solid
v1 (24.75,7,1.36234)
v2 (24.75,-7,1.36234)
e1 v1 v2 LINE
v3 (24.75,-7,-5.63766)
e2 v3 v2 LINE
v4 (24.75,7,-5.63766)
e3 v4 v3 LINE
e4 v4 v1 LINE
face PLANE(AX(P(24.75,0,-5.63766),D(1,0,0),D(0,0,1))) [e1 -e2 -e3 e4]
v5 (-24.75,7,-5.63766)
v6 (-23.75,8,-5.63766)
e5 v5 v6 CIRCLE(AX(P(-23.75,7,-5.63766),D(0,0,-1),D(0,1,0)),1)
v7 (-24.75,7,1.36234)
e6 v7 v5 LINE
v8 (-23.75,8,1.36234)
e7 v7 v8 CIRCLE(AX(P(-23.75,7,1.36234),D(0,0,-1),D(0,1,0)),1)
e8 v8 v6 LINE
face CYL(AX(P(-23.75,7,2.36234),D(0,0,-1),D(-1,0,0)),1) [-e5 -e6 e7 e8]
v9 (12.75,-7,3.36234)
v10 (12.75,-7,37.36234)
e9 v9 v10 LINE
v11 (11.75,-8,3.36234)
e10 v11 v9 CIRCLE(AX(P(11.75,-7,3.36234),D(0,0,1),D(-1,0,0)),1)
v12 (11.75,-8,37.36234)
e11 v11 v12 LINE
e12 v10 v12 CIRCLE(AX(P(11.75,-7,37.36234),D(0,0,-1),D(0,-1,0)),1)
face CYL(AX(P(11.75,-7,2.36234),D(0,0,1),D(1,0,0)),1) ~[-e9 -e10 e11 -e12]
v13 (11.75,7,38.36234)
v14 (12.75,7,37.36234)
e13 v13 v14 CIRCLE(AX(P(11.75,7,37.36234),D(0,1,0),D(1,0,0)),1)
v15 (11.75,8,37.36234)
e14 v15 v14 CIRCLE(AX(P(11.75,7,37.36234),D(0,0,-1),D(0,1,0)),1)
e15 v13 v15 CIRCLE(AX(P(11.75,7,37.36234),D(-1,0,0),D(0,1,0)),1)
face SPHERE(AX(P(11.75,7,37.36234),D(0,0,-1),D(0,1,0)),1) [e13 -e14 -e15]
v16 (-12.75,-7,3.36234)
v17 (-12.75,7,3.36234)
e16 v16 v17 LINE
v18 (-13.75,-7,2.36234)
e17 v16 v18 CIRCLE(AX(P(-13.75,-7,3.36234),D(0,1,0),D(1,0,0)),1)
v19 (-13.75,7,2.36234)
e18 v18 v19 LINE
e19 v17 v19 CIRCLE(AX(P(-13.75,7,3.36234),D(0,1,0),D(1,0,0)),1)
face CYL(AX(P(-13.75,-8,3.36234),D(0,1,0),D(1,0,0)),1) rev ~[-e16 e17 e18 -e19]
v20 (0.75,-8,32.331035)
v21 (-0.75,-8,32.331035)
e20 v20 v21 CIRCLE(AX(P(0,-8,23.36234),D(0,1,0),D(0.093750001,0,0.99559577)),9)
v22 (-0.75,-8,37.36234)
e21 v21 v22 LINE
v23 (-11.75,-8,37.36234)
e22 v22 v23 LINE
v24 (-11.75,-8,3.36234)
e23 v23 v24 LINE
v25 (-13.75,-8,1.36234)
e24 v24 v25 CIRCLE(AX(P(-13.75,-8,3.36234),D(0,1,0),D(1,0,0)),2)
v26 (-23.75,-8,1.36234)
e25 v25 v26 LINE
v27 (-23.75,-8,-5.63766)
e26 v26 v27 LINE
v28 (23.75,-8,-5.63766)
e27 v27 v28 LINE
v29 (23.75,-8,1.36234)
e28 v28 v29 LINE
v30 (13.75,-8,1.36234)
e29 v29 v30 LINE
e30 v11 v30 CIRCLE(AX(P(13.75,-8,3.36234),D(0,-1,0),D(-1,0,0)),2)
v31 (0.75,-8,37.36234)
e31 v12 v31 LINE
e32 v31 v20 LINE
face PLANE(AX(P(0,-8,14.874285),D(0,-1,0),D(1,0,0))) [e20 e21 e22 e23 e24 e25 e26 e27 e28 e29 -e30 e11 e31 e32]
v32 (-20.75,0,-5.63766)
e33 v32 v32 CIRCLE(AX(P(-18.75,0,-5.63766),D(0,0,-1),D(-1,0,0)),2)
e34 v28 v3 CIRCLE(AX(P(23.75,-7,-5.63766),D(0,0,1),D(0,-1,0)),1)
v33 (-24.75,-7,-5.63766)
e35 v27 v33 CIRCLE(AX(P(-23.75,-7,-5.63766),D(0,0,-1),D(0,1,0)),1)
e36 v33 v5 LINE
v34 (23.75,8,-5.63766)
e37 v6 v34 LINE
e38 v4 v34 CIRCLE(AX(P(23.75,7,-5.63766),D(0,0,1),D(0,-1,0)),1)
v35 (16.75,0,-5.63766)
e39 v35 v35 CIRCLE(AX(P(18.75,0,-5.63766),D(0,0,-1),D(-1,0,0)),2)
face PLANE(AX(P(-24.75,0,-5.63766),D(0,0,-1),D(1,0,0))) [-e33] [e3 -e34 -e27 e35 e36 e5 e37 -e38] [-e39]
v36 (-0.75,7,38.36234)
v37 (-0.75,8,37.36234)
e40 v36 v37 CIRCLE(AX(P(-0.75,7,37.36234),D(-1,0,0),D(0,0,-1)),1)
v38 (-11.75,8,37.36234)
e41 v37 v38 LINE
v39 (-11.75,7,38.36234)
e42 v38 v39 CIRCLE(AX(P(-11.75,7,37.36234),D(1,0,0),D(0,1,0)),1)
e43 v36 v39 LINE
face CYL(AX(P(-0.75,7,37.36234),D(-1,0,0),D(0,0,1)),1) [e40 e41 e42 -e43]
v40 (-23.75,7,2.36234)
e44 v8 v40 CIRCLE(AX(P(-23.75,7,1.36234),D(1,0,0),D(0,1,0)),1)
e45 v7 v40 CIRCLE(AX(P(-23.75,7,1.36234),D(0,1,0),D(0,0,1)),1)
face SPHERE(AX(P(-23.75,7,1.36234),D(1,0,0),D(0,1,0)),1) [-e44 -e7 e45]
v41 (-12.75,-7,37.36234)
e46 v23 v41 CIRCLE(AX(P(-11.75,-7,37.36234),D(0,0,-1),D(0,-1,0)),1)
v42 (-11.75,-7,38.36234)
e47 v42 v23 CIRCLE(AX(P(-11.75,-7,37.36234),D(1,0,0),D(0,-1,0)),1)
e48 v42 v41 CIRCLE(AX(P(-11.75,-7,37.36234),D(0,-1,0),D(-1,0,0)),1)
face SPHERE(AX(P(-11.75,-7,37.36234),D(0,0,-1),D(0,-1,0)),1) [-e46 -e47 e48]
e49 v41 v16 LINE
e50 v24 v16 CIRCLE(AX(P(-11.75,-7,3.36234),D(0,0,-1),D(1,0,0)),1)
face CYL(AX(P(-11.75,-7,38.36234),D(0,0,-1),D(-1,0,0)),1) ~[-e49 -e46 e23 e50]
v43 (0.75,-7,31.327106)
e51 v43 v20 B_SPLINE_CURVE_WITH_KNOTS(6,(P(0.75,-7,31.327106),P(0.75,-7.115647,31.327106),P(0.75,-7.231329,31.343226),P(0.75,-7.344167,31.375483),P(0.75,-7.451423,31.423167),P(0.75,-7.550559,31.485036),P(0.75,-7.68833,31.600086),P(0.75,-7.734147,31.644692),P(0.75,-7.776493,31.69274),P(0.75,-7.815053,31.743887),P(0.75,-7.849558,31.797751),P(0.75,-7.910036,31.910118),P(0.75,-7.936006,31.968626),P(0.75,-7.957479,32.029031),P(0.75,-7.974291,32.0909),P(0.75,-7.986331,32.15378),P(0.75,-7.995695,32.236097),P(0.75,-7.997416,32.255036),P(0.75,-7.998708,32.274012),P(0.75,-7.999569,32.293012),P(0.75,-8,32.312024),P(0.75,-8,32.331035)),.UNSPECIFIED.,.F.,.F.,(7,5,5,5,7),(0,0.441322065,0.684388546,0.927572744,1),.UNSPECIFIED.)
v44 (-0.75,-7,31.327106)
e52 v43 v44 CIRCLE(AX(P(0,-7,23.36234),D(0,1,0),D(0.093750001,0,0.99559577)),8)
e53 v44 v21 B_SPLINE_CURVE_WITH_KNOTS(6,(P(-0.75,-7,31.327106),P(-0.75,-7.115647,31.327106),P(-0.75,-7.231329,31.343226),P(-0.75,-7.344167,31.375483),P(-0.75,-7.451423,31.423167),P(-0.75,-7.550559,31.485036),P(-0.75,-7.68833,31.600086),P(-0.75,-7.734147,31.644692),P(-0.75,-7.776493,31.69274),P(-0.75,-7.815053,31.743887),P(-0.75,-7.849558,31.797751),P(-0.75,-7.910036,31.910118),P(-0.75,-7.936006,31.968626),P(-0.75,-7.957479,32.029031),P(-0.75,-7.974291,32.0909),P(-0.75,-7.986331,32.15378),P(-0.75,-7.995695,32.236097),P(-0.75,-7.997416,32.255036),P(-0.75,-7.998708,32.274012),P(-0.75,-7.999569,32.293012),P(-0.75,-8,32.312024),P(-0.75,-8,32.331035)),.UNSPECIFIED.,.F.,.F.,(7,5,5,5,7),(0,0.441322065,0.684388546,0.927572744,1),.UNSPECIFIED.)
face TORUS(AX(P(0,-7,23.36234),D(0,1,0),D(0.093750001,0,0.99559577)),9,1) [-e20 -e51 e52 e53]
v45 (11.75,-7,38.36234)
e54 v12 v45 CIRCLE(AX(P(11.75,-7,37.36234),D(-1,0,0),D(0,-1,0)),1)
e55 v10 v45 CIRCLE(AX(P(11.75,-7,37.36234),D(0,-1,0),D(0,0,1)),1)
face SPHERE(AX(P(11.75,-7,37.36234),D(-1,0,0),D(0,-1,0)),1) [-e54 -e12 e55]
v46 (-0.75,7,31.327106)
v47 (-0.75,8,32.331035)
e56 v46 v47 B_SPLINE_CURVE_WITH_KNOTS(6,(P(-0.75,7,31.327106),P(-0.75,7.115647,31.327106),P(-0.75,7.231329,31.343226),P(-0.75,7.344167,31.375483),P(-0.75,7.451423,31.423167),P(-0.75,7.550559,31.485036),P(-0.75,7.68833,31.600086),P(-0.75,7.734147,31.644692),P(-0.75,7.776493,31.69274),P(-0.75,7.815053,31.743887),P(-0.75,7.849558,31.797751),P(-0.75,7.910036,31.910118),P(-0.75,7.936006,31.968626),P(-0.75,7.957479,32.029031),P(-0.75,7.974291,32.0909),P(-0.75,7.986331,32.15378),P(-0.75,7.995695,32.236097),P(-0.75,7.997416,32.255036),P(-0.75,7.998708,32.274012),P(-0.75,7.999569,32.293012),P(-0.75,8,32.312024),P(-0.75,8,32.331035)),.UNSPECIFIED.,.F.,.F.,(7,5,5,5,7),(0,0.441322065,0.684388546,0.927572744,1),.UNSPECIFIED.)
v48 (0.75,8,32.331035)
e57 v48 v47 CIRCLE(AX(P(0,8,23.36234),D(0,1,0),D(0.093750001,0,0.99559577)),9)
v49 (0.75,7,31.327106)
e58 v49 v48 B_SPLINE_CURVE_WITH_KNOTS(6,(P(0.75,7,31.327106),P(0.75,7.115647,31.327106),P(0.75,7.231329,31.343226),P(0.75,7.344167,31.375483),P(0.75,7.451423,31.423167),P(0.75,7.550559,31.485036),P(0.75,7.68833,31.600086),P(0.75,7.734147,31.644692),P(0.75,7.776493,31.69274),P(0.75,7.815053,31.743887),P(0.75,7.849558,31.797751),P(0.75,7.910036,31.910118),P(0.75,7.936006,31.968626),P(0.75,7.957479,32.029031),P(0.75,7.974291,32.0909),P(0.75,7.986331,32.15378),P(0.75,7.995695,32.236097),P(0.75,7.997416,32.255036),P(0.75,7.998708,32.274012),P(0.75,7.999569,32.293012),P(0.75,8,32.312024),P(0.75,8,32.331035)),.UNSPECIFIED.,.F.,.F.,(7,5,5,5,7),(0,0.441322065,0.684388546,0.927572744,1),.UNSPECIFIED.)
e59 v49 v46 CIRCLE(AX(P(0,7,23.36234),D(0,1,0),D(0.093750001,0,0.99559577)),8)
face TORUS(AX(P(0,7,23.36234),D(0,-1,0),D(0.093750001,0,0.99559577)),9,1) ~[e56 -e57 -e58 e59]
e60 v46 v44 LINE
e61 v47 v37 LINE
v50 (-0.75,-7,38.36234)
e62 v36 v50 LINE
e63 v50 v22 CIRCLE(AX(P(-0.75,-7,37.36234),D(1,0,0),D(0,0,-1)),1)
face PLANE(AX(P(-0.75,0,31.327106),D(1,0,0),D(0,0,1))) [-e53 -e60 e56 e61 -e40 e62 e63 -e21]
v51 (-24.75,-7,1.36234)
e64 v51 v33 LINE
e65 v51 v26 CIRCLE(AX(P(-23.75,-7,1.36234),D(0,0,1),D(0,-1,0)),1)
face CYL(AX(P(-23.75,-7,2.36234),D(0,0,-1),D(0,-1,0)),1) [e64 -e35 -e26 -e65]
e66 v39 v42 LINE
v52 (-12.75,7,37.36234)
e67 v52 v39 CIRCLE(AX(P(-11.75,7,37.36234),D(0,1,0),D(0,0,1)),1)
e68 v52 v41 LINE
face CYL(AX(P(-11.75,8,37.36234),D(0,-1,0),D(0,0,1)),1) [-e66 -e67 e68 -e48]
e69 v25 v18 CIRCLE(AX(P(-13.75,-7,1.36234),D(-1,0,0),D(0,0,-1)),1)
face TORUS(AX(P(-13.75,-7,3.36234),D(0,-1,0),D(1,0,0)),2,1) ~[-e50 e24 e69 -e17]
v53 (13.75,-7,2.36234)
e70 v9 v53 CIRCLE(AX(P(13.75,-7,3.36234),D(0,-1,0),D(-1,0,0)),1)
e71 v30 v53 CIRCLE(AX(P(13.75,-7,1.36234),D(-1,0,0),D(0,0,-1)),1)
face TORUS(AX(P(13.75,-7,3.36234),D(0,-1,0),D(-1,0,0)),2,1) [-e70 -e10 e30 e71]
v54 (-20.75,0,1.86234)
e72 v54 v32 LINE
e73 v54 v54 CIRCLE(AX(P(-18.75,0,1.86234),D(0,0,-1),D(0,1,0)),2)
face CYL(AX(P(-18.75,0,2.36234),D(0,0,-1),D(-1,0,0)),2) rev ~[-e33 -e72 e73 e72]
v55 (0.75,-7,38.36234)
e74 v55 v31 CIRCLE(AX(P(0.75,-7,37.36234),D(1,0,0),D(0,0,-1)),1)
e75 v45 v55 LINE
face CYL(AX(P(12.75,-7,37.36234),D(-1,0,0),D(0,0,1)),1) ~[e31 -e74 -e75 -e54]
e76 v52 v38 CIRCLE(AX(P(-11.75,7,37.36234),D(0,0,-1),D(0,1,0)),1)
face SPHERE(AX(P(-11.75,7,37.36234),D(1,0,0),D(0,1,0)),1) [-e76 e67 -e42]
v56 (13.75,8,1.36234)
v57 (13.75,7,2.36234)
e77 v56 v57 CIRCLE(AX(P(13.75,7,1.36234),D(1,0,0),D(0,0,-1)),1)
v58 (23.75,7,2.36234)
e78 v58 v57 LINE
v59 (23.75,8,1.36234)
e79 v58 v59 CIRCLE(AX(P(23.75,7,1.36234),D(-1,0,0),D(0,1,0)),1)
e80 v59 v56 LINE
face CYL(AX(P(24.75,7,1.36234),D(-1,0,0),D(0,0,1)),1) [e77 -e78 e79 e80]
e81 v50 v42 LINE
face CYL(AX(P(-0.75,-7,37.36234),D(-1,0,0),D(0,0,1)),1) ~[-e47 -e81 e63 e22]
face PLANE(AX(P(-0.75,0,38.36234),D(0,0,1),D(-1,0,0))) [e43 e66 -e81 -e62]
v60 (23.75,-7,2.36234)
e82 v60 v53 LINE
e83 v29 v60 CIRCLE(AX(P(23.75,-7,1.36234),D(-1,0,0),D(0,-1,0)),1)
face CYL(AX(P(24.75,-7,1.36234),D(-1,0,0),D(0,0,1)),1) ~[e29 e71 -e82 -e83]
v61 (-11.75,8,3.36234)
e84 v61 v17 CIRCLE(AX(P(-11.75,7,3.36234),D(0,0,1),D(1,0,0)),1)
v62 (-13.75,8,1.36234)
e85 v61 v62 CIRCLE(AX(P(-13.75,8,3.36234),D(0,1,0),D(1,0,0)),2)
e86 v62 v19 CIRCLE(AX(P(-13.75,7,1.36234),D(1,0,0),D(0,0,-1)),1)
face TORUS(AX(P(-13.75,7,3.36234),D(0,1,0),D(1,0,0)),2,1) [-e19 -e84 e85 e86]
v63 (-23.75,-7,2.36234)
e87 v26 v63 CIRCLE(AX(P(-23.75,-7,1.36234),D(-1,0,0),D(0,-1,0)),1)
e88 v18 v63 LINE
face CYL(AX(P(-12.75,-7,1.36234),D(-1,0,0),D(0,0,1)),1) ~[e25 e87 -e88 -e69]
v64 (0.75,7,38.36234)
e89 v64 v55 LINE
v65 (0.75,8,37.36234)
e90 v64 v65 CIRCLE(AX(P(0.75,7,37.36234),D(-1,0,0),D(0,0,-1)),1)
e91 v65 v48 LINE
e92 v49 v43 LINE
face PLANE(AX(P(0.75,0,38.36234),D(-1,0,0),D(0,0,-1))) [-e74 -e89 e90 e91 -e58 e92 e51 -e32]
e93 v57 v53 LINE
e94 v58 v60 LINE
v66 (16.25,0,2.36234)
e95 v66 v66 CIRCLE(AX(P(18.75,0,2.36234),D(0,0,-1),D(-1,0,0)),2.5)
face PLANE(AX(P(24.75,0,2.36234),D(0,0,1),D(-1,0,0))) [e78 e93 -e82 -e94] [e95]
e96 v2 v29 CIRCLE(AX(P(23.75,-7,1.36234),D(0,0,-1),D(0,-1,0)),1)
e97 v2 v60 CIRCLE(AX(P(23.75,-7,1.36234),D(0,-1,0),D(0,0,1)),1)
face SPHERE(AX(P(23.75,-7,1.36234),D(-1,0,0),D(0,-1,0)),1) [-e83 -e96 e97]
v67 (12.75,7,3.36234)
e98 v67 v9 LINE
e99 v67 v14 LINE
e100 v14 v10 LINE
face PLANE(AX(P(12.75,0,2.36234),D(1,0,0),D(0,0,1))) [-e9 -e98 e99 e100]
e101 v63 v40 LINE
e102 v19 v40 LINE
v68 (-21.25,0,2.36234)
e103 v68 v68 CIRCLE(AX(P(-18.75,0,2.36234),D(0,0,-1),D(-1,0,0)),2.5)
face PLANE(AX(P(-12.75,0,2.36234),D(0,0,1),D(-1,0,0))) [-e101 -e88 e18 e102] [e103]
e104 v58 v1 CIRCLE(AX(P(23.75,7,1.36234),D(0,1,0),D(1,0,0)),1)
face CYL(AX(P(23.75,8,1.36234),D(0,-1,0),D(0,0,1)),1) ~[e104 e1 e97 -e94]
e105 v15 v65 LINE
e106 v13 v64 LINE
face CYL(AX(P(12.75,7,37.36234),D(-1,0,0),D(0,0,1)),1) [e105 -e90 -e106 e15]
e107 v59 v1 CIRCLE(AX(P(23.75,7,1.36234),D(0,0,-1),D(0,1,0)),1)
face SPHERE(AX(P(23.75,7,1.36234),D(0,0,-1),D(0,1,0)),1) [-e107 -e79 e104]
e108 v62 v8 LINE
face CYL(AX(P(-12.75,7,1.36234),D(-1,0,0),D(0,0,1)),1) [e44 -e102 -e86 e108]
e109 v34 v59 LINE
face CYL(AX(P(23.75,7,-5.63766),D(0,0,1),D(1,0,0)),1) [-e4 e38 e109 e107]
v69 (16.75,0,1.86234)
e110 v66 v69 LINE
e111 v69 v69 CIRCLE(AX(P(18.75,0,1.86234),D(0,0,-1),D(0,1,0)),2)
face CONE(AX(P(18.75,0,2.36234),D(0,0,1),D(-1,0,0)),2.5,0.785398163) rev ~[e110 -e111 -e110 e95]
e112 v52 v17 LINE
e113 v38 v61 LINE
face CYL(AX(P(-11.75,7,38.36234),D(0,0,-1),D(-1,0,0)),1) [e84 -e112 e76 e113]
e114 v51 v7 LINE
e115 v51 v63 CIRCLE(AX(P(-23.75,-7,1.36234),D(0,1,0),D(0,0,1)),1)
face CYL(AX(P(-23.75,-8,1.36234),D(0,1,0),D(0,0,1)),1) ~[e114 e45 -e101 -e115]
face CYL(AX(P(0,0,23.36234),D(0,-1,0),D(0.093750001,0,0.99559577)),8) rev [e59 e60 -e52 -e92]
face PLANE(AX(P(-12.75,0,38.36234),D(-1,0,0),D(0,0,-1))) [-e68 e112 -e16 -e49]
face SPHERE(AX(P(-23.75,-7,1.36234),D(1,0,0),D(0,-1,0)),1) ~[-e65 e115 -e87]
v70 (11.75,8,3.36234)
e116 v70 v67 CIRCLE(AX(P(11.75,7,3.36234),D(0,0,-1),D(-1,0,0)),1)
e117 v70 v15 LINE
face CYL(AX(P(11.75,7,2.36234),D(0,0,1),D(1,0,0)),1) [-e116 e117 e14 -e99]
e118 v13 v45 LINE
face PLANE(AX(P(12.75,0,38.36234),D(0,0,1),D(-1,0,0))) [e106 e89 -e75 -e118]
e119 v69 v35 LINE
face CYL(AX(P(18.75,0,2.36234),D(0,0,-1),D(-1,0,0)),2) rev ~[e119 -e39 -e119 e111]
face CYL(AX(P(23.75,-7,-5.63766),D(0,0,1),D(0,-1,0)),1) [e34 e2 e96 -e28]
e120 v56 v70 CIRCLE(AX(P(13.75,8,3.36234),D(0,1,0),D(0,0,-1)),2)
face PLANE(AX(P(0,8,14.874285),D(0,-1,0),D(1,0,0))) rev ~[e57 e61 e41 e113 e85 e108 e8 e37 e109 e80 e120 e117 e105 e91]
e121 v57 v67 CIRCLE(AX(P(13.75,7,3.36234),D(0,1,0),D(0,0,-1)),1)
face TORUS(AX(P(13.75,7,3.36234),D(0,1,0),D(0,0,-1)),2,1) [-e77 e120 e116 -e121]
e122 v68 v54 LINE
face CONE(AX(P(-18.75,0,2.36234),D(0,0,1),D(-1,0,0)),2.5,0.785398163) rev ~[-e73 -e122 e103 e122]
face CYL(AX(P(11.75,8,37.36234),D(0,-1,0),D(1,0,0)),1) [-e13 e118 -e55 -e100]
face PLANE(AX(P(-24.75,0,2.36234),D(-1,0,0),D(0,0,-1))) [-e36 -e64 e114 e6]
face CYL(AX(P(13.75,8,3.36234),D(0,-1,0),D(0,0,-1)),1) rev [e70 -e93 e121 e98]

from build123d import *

# Parameters (mm, degrees)
F1_DEPTH       = 8
F3_D           = 4
F3_CSINK_D     = 5
F3_CSINK_ANGLE = 90
F4_R           = 1


with BuildPart() as f1:
    # F0 (on Front) → F1 (new body, symmetric)
    with BuildSketch(Plane.XZ):
        with BuildLine():
            Line((-24.75, -5.63766), (24.75, -5.63766))
            Line((24.75, -5.63766), (24.75, 2.36234))
            Line((24.75, 2.36234), (12.75, 2.36234))
            Line((12.75, 2.36234), (12.75, 38.36234))
            Line((12.75, 38.36234), (0.75, 38.36234))
            Line((0.75, 38.36234), (0.75, 31.327106))
            ThreePointArc((0.75, 31.327106), (0, 15.36234), (-0.75, 31.327106))
            Line((-0.75, 31.327106), (-0.75, 38.36234))
            Line((-0.75, 38.36234), (-12.75, 38.36234))
            Line((-12.75, 38.36234), (-12.75, 2.36234))
            Line((-12.75, 2.36234), (-24.75, 2.36234))
            Line((-24.75, 2.36234), (-24.75, -5.63766))
        make_face()
    extrude(amount=F1_DEPTH, both=True)

    # F3 (through all)
    with Locations(Plane.XY.offset(2.36234)):
        with Locations((18.75, 0), (-18.75, 0)):
            CounterSinkHole(F3_D / 2, F3_CSINK_D / 2, counter_sink_angle=F3_CSINK_ANGLE)

    # F4
    f4_edges = [f1.edges().sort_by_distance(p)[0] for p in [
        (-12.75, -8, 20.36234),
        (-18.75, -8, 2.36234),
        (-24.75, -8, -1.63766),
        (-6.75, -8, 38.36234),
        (6.75, -8, 38.36234),
        (12.75, -8, 20.36234),
        (18.75, -8, 2.36234),
        (24.75, -8, -1.63766),
        (0, -8, 15.36234),
        (24.75, 8, -1.63766),
        (18.75, 8, 2.36234),
        (12.75, 8, 20.36234),
        (6.75, 8, 38.36234),
        (-6.75, 8, 38.36234),
        (-12.75, 8, 20.36234),
        (-18.75, 8, 2.36234),
        (-24.75, 8, -1.63766),
        (0, 8, 15.36234),
        (12.75, 0, 2.36234),
        (24.75, 0, 2.36234),
        (12.75, 0, 38.36234),
        (-24.75, 0, 2.36234),
        (-12.75, 0, 2.36234),
        (-12.75, 0, 38.36234),
    ]]
    fillet(f4_edges, radius=F4_R)


solid = f1.part
